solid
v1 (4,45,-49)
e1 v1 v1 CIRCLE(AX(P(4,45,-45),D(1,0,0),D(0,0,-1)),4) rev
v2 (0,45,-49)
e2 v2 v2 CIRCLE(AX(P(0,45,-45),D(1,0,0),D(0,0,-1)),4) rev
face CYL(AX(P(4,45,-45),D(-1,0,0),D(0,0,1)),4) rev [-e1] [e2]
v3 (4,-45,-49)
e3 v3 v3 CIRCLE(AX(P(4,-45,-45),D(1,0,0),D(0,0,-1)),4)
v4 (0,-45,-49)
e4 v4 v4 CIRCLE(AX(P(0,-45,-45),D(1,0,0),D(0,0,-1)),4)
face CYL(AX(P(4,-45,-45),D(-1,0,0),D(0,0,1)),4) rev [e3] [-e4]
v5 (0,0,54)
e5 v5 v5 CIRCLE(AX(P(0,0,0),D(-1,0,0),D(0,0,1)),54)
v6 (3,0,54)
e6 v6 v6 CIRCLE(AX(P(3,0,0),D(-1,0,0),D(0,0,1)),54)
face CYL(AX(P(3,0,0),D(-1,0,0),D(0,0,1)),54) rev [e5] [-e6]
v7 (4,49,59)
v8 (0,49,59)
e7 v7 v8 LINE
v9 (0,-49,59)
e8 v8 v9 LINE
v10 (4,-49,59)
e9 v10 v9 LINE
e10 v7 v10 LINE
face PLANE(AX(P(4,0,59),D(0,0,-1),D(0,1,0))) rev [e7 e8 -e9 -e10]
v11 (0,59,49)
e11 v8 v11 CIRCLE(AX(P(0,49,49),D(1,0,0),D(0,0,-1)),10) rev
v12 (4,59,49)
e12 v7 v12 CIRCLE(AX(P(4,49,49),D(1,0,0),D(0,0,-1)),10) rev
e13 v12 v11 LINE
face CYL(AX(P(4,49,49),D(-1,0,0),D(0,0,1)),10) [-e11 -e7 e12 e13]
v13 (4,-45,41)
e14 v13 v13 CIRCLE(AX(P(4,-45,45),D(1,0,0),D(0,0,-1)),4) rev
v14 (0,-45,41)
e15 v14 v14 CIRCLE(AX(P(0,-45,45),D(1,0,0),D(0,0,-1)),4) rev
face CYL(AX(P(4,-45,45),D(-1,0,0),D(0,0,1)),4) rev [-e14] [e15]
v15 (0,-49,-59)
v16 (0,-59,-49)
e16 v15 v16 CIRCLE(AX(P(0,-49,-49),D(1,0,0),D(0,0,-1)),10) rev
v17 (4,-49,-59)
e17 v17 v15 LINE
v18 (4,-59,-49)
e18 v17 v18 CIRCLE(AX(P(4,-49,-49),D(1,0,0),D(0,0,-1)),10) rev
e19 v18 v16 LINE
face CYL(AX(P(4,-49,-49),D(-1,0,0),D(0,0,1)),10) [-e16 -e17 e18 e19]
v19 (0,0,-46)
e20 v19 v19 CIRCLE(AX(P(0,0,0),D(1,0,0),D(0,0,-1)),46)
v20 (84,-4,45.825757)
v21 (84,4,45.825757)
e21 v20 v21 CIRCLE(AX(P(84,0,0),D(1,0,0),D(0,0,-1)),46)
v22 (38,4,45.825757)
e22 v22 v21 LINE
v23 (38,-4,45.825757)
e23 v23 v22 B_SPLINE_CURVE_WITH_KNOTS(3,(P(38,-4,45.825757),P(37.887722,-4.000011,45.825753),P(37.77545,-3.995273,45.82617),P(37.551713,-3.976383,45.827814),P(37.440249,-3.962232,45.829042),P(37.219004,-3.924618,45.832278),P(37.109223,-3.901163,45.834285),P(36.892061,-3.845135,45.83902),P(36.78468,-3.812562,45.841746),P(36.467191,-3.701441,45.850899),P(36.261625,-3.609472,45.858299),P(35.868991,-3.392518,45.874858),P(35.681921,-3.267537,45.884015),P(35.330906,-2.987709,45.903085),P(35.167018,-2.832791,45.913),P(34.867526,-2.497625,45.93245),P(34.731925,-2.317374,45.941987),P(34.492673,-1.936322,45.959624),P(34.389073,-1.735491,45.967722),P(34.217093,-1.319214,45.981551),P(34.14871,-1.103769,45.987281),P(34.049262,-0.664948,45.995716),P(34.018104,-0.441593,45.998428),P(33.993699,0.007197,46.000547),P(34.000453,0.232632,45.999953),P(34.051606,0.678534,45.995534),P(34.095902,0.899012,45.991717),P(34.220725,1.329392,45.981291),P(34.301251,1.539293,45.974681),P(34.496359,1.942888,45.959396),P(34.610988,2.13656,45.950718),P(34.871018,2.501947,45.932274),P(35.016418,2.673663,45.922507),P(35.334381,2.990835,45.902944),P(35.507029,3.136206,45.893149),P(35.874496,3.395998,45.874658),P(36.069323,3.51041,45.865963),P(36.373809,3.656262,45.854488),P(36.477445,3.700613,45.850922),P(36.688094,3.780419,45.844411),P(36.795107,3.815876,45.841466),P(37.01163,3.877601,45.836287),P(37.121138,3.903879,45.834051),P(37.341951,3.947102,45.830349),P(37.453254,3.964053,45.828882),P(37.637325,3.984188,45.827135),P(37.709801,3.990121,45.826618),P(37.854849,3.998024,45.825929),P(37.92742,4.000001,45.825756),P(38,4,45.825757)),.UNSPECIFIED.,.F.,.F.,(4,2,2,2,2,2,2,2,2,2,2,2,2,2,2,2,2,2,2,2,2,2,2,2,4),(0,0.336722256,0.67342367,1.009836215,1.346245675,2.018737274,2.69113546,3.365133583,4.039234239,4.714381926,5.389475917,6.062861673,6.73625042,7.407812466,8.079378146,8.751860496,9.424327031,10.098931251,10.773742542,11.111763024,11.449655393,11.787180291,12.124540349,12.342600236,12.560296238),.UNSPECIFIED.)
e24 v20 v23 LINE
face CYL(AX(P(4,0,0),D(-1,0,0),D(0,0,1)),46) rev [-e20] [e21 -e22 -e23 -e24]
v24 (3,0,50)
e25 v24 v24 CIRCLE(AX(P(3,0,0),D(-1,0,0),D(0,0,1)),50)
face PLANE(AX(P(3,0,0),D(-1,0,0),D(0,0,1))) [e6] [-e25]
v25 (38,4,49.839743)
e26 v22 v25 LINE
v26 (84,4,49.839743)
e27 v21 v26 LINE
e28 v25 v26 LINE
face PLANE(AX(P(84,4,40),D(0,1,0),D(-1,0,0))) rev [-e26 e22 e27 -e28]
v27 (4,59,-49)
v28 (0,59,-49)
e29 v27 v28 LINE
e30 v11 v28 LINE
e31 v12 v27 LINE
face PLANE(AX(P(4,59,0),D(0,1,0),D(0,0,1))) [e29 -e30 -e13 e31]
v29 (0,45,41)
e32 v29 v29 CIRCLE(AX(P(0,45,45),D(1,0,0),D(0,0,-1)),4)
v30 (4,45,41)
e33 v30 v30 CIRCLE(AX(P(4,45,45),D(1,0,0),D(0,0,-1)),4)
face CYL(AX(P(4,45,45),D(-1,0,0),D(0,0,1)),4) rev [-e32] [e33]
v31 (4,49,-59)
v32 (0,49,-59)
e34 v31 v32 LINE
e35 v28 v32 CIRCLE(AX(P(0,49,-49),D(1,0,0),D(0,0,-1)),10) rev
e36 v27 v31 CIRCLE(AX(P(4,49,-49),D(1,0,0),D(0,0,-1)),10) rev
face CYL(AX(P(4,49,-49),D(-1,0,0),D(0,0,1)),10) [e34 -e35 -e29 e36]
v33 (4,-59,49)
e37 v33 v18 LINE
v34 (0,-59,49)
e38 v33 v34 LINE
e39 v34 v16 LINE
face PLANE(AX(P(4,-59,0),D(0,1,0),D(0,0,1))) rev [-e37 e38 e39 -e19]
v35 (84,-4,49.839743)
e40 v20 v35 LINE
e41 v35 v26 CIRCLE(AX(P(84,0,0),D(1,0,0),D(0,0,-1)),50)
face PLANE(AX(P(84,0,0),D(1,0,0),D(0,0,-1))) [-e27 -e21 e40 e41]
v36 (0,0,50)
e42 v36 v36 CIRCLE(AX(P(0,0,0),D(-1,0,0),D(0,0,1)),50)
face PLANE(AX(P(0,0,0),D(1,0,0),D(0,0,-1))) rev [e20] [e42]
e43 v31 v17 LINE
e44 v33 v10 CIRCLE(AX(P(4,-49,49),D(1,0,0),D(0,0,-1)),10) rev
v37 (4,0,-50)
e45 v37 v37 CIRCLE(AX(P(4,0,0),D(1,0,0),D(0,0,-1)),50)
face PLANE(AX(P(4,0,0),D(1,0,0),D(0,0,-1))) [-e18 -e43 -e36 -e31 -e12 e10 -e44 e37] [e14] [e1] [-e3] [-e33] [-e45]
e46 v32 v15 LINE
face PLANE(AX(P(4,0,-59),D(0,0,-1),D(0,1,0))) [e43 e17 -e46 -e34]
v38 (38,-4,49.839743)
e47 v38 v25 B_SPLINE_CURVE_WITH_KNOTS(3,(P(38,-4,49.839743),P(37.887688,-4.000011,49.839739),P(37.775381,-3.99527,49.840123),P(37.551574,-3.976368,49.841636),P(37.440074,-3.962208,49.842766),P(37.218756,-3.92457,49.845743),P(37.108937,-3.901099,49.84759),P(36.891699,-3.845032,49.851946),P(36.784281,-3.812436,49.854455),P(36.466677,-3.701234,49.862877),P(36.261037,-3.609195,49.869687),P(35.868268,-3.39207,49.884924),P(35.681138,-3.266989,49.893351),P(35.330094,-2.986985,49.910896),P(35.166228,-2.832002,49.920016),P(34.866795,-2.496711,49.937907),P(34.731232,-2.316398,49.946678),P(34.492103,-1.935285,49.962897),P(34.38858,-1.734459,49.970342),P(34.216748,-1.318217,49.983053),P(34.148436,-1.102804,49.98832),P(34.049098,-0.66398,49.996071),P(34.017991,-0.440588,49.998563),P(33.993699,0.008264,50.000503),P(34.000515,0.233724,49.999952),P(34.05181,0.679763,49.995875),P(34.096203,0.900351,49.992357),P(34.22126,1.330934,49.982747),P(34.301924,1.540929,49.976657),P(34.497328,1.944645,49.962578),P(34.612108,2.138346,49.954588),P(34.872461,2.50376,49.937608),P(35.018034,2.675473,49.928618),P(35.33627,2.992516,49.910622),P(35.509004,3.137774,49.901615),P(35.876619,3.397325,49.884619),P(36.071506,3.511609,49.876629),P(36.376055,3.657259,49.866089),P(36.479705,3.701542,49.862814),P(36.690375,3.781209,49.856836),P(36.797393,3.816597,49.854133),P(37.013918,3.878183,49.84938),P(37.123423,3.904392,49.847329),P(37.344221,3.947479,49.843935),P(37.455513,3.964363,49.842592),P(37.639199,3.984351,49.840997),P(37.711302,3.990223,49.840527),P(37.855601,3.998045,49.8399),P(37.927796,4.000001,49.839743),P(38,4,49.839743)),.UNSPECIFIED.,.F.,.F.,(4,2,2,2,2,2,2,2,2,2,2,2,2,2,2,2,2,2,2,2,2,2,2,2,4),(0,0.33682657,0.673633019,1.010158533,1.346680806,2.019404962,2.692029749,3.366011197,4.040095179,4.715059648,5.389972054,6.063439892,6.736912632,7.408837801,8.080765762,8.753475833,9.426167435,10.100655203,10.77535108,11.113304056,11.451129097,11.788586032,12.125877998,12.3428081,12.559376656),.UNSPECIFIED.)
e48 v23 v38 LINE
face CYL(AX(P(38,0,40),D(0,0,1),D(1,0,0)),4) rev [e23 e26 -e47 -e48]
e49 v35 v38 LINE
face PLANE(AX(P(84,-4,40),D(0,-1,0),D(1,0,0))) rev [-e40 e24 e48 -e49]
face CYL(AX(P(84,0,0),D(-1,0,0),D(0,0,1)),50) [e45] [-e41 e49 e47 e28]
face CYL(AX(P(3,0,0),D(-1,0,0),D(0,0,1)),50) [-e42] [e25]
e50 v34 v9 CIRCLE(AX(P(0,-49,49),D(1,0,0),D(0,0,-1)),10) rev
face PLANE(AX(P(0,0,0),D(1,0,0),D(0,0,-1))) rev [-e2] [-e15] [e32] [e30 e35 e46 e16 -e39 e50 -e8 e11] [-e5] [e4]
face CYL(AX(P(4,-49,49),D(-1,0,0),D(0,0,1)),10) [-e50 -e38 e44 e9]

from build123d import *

# Parameters (mm, degrees)
CROQUIS1_R              = 46
CROQUIS1_R_2            = 4
SALIENTE_EXTRUIR1_DEPTH = 4
CROQUIS2_R              = 50
CROQUIS2_R_2            = 46
SALIENTE_EXTRUIR2_DEPTH = 80
CORTAR_EXTRUIR1_DEPTH   = 10
CROQUIS4_R              = 54
CROQUIS4_R_2            = 50
CORTAR_EXTRUIR2_DEPTH   = 3


with BuildPart() as part:
    # Croquis1 → Saliente-Extruir1 (new body)
    with BuildSketch(Plane(origin=(0, 0, 0), x_dir=(0, 0, -1), z_dir=(1, 0, 0))):
        with BuildLine():
            Line((-49, 59), (49, 59))
            ThreePointArc((49, 59), (56.071067812, 56.071067812), (59, 49))
            Line((59, 49), (59, -49))
            ThreePointArc((59, -49), (56.071067812, -56.071067812), (49, -59))
            Line((49, -59), (-49, -59))
            ThreePointArc((-49, -59), (-56.071067812, -56.071067812), (-59, -49))
            Line((-59, -49), (-59, 49))
            ThreePointArc((-59, 49), (-56.071067812, 56.071067812), (-49, 59))
        make_face()
        Circle(CROQUIS1_R, mode=Mode.SUBTRACT)
        with Locations((45, -45)):
            Circle(CROQUIS1_R_2, mode=Mode.SUBTRACT)
        with Locations((-45, -45)):
            Circle(CROQUIS1_R_2, mode=Mode.SUBTRACT)
        with Locations((-45, 45)):
            Circle(CROQUIS1_R_2, mode=Mode.SUBTRACT)
        with Locations((45, 45)):
            Circle(CROQUIS1_R_2, mode=Mode.SUBTRACT)
    extrude(amount=SALIENTE_EXTRUIR1_DEPTH)

    # Croquis2 → Saliente-Extruir2 (add)
    with BuildSketch(Plane(origin=(4, 0, 0), x_dir=(0, 0, -1), z_dir=(1, 0, 0))):
        Circle(CROQUIS2_R)
        Circle(CROQUIS2_R_2, mode=Mode.SUBTRACT)
    extrude(amount=SALIENTE_EXTRUIR2_DEPTH)

    # Croquis3 → Cortar-Extruir1 (cut)
    with BuildSketch(Plane.XY.offset(50)):
        with BuildLine():
            Line((84, 0), (84, 4))
            Line((84, 4), (38, 4))
            ThreePointArc((38, 4), (34, 0), (38, -4))
            Line((38, -4), (84, -4))
            Line((84, -4), (84, 0))
        make_face()
    extrude(amount=-CORTAR_EXTRUIR1_DEPTH, mode=Mode.SUBTRACT)

    # Croquis4 → Cortar-Extruir2 (cut)
    with BuildSketch(Plane.ZY):
        Circle(CROQUIS4_R)
        with Locations(Location((0, 0, 0), (0, 0, 355.411434264))):
            Circle(CROQUIS4_R_2, mode=Mode.SUBTRACT)
    extrude(amount=-CORTAR_EXTRUIR2_DEPTH, mode=Mode.SUBTRACT)


solid = part.part
